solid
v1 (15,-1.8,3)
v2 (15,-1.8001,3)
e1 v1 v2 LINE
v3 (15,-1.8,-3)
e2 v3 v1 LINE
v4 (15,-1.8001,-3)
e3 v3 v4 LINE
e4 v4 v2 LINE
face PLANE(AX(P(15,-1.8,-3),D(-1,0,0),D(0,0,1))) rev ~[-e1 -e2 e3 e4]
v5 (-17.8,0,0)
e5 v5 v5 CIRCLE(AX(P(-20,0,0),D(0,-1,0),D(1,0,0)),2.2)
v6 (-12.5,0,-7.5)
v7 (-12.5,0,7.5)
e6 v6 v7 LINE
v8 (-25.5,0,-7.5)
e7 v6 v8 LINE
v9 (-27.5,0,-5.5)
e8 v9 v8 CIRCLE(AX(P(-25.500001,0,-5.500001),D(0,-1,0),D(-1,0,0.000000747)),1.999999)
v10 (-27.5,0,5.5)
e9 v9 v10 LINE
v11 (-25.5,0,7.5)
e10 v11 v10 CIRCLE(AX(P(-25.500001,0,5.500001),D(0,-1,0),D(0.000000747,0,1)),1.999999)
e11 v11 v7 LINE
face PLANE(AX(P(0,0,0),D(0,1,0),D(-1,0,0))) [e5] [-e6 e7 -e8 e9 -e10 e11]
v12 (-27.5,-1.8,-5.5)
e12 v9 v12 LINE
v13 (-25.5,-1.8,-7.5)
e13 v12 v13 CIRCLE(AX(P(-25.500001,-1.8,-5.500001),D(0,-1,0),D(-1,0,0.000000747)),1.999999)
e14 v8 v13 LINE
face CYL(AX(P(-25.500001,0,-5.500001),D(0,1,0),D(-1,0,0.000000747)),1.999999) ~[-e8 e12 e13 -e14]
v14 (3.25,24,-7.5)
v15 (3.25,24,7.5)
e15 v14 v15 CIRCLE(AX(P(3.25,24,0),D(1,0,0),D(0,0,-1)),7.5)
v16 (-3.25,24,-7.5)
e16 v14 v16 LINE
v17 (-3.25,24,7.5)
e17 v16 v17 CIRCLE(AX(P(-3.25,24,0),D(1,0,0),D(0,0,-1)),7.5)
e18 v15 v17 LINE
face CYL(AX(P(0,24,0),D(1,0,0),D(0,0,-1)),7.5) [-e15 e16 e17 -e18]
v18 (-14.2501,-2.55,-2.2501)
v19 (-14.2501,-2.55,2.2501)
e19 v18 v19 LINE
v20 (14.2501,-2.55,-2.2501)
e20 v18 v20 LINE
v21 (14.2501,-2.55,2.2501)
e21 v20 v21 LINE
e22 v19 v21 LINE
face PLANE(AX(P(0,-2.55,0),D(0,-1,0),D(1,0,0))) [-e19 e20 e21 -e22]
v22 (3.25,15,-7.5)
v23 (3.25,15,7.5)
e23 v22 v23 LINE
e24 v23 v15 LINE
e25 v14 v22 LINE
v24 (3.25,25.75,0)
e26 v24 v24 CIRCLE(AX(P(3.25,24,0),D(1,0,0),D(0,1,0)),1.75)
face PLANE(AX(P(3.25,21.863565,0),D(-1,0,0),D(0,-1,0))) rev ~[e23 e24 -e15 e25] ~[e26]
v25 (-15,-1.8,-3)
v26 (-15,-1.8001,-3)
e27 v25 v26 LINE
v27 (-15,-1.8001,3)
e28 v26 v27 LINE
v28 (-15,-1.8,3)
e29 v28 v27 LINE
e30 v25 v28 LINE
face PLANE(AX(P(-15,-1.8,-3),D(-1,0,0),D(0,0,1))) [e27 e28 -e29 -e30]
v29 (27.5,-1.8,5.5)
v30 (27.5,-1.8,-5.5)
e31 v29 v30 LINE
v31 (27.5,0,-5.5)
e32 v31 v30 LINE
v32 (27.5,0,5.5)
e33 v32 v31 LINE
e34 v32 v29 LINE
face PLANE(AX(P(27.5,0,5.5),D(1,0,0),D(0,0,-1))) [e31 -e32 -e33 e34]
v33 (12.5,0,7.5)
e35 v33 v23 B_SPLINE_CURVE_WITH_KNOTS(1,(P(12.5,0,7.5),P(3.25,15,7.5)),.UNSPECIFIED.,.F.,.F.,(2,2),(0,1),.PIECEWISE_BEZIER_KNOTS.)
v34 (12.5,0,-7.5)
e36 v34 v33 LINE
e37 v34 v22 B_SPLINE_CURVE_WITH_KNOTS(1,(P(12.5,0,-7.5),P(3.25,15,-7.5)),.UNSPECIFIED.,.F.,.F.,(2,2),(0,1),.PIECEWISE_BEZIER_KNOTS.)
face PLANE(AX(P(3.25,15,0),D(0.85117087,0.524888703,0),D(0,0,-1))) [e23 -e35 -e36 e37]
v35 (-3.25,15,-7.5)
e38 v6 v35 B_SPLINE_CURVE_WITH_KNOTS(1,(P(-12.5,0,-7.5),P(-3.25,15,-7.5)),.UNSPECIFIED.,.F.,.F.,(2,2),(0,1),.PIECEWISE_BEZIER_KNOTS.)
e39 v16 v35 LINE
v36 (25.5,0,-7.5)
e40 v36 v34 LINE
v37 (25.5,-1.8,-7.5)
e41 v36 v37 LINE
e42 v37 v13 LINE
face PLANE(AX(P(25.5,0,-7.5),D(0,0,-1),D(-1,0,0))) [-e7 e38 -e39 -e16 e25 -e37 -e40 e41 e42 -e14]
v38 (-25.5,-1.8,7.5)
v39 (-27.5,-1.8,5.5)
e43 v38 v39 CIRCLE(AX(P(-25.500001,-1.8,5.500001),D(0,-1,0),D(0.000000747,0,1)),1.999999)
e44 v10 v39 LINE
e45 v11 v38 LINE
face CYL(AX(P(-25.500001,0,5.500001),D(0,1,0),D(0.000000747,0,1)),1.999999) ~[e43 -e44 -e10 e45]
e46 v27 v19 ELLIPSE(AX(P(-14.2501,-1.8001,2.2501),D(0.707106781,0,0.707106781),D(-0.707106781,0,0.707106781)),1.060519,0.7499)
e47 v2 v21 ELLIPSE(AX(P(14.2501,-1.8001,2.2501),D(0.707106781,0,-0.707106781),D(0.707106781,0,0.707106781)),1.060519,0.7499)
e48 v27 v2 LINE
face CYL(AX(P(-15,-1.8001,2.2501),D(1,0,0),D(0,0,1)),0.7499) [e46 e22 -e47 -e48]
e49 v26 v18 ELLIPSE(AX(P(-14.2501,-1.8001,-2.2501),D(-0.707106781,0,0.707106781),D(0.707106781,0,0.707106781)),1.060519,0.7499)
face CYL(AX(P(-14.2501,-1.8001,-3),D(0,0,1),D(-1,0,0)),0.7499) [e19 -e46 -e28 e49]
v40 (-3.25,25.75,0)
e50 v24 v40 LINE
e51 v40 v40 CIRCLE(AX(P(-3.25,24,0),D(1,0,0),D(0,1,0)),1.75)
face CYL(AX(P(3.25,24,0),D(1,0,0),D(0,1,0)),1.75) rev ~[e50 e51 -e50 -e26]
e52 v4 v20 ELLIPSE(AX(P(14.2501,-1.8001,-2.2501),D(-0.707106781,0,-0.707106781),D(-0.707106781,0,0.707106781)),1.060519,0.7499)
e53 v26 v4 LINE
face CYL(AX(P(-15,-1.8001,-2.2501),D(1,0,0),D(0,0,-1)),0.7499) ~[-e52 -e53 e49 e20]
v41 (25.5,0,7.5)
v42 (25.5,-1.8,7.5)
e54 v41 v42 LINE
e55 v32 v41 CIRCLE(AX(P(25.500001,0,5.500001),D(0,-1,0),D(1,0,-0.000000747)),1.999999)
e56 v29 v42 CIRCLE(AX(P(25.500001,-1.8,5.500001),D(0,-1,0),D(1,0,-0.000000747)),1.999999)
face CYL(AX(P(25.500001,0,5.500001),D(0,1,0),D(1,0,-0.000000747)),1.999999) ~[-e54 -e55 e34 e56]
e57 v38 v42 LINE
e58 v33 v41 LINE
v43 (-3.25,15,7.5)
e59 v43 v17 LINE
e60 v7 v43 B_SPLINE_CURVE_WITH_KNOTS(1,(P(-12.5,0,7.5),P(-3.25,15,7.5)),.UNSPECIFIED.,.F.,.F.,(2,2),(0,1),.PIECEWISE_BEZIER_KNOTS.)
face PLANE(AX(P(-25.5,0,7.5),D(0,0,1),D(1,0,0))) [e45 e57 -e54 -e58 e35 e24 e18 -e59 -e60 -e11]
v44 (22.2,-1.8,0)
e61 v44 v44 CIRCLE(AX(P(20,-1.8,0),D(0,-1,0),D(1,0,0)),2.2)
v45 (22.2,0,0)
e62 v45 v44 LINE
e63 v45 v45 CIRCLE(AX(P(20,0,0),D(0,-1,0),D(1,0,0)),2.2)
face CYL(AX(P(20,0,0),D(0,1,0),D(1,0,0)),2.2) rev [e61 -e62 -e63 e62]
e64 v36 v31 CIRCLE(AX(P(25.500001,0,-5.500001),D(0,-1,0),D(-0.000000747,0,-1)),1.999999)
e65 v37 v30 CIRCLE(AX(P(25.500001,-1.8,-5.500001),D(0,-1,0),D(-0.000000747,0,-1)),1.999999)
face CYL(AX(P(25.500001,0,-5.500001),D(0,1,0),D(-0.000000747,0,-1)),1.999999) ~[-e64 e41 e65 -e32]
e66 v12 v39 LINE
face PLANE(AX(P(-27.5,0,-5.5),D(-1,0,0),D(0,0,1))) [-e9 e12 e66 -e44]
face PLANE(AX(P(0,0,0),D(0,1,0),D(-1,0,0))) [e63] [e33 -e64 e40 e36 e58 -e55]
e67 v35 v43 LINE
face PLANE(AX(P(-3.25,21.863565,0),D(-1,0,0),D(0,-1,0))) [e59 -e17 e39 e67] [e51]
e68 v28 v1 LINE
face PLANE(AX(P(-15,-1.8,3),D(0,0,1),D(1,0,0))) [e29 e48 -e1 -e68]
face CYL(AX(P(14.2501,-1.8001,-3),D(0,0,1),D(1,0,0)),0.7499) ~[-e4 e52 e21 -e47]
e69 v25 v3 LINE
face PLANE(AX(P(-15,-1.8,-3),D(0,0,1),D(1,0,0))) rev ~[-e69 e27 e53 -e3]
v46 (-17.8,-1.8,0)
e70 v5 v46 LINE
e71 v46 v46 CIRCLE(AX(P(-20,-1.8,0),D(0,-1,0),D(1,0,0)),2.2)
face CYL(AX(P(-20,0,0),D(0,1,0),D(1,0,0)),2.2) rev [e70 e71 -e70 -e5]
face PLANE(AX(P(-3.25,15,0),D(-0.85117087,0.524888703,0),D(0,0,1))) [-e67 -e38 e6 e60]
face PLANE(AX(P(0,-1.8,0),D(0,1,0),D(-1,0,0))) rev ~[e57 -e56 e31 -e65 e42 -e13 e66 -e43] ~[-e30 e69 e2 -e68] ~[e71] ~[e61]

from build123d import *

# Parameters (mm, degrees)
SKETCH014_R          = 2.2
PAD013_DEPTH         = 1.8
SKETCH015_W          = 30
SKETCH015_H          = 6
PAD014_DEPTH         = 0.75
FILLET004_R          = 0.7499
SKETCH016_W          = 25
SKETCH016_H          = 15
SKETCH017_W          = 6.5
SKETCH017_H          = 15
LOFT_PLACEMENT_ANGLE = 180
PAD015_DEPTH         = 3.25
SKETCH019_R          = 1.75
POCKET003_DEPTH      = 6.5


with BuildPart() as fillet004:
    # Sketch014 → Pad013 (new body)
    with BuildSketch(Plane.XZ):
        with BuildLine():
            Line((-25.5, 7.5), (25.5, 7.5))
            ThreePointArc((27.5, 5.5), (26.914214, 6.914214), (25.5, 7.5))
            Line((27.5, 5.5), (27.5, -5.5))
            ThreePointArc((25.5, -7.5), (26.914214, -6.914214), (27.5, -5.5))
            Line((25.5, -7.5), (-25.5, -7.5))
            ThreePointArc((-27.5, -5.5), (-26.914214, -6.914214), (-25.5, -7.5))
            Line((-27.5, -5.5), (-27.5, 5.5))
            ThreePointArc((-25.5, 7.5), (-26.914214, 6.914214), (-27.5, 5.5))
        make_face()
        with Locations((-20, 0)):
            Circle(SKETCH014_R, mode=Mode.SUBTRACT)
        with Locations((20, 0)):
            Circle(SKETCH014_R, mode=Mode.SUBTRACT)
    extrude(amount=PAD013_DEPTH)

    # Sketch015 → Pad014 (new body)
    with BuildSketch(Plane.XZ.offset(1.8)):
        Rectangle(SKETCH015_W, SKETCH015_H)
    extrude(amount=PAD014_DEPTH)

    # Fillet004
    fillet004_edges = [fillet004.edges().sort_by_distance(p)[0] for p in [
        (-15, -2.55, 0),
        (0, -2.55, 3),
        (15, -2.55, 0),
        (0, -2.55, -3),
    ]]
    fillet(fillet004_edges, radius=FILLET004_R)


with BuildPart() as fusion001:
    # Sketch016 → Loft section 0
    with BuildSketch(Plane.XZ):
        Rectangle(SKETCH016_W, SKETCH016_H)
    # Sketch017 → Loft section 1
    with BuildSketch(Plane.XZ.offset(15)):
        Rectangle(SKETCH017_W, SKETCH017_H)
    loft(ruled=True)


with BuildPart() as fusion001_1:
    # Loft placement: moved
    add(fusion001.part.rotate(Axis((0, 0, 0), (0, 0, 1)), LOFT_PLACEMENT_ANGLE))

    # Fusion001: union Fillet004
    add(fillet004.part)


with BuildPart() as fusion002:
    # Sketch018 → Pad015 (new body, symmetric)
    with BuildSketch(Plane(origin=(0, 15, 0), x_dir=(0, 1, 0), z_dir=(1, 0, 0))):
        with BuildLine():
            Line((0, 7.5), (9, 7.5))
            ThreePointArc((9, -7.5), (16.5, 0), (9, 7.5))
            Line((9, -7.5), (0, -7.5))
            Line((0, -7.5), (0, 7.5))
        make_face()
    extrude(amount=PAD015_DEPTH, both=True)

    # Sketch019 → Pocket003 (cut)
    with BuildSketch(Plane(origin=(3.25, 15, 0), x_dir=(0, 1, 0), z_dir=(1, 0, 0))):
        with Locations((9, 0)):
            Circle(SKETCH019_R)
    extrude(amount=-POCKET003_DEPTH, mode=Mode.SUBTRACT)

    # Fusion002: union Fusion001
    add(fusion001_1.part)


solid = fusion002.part
